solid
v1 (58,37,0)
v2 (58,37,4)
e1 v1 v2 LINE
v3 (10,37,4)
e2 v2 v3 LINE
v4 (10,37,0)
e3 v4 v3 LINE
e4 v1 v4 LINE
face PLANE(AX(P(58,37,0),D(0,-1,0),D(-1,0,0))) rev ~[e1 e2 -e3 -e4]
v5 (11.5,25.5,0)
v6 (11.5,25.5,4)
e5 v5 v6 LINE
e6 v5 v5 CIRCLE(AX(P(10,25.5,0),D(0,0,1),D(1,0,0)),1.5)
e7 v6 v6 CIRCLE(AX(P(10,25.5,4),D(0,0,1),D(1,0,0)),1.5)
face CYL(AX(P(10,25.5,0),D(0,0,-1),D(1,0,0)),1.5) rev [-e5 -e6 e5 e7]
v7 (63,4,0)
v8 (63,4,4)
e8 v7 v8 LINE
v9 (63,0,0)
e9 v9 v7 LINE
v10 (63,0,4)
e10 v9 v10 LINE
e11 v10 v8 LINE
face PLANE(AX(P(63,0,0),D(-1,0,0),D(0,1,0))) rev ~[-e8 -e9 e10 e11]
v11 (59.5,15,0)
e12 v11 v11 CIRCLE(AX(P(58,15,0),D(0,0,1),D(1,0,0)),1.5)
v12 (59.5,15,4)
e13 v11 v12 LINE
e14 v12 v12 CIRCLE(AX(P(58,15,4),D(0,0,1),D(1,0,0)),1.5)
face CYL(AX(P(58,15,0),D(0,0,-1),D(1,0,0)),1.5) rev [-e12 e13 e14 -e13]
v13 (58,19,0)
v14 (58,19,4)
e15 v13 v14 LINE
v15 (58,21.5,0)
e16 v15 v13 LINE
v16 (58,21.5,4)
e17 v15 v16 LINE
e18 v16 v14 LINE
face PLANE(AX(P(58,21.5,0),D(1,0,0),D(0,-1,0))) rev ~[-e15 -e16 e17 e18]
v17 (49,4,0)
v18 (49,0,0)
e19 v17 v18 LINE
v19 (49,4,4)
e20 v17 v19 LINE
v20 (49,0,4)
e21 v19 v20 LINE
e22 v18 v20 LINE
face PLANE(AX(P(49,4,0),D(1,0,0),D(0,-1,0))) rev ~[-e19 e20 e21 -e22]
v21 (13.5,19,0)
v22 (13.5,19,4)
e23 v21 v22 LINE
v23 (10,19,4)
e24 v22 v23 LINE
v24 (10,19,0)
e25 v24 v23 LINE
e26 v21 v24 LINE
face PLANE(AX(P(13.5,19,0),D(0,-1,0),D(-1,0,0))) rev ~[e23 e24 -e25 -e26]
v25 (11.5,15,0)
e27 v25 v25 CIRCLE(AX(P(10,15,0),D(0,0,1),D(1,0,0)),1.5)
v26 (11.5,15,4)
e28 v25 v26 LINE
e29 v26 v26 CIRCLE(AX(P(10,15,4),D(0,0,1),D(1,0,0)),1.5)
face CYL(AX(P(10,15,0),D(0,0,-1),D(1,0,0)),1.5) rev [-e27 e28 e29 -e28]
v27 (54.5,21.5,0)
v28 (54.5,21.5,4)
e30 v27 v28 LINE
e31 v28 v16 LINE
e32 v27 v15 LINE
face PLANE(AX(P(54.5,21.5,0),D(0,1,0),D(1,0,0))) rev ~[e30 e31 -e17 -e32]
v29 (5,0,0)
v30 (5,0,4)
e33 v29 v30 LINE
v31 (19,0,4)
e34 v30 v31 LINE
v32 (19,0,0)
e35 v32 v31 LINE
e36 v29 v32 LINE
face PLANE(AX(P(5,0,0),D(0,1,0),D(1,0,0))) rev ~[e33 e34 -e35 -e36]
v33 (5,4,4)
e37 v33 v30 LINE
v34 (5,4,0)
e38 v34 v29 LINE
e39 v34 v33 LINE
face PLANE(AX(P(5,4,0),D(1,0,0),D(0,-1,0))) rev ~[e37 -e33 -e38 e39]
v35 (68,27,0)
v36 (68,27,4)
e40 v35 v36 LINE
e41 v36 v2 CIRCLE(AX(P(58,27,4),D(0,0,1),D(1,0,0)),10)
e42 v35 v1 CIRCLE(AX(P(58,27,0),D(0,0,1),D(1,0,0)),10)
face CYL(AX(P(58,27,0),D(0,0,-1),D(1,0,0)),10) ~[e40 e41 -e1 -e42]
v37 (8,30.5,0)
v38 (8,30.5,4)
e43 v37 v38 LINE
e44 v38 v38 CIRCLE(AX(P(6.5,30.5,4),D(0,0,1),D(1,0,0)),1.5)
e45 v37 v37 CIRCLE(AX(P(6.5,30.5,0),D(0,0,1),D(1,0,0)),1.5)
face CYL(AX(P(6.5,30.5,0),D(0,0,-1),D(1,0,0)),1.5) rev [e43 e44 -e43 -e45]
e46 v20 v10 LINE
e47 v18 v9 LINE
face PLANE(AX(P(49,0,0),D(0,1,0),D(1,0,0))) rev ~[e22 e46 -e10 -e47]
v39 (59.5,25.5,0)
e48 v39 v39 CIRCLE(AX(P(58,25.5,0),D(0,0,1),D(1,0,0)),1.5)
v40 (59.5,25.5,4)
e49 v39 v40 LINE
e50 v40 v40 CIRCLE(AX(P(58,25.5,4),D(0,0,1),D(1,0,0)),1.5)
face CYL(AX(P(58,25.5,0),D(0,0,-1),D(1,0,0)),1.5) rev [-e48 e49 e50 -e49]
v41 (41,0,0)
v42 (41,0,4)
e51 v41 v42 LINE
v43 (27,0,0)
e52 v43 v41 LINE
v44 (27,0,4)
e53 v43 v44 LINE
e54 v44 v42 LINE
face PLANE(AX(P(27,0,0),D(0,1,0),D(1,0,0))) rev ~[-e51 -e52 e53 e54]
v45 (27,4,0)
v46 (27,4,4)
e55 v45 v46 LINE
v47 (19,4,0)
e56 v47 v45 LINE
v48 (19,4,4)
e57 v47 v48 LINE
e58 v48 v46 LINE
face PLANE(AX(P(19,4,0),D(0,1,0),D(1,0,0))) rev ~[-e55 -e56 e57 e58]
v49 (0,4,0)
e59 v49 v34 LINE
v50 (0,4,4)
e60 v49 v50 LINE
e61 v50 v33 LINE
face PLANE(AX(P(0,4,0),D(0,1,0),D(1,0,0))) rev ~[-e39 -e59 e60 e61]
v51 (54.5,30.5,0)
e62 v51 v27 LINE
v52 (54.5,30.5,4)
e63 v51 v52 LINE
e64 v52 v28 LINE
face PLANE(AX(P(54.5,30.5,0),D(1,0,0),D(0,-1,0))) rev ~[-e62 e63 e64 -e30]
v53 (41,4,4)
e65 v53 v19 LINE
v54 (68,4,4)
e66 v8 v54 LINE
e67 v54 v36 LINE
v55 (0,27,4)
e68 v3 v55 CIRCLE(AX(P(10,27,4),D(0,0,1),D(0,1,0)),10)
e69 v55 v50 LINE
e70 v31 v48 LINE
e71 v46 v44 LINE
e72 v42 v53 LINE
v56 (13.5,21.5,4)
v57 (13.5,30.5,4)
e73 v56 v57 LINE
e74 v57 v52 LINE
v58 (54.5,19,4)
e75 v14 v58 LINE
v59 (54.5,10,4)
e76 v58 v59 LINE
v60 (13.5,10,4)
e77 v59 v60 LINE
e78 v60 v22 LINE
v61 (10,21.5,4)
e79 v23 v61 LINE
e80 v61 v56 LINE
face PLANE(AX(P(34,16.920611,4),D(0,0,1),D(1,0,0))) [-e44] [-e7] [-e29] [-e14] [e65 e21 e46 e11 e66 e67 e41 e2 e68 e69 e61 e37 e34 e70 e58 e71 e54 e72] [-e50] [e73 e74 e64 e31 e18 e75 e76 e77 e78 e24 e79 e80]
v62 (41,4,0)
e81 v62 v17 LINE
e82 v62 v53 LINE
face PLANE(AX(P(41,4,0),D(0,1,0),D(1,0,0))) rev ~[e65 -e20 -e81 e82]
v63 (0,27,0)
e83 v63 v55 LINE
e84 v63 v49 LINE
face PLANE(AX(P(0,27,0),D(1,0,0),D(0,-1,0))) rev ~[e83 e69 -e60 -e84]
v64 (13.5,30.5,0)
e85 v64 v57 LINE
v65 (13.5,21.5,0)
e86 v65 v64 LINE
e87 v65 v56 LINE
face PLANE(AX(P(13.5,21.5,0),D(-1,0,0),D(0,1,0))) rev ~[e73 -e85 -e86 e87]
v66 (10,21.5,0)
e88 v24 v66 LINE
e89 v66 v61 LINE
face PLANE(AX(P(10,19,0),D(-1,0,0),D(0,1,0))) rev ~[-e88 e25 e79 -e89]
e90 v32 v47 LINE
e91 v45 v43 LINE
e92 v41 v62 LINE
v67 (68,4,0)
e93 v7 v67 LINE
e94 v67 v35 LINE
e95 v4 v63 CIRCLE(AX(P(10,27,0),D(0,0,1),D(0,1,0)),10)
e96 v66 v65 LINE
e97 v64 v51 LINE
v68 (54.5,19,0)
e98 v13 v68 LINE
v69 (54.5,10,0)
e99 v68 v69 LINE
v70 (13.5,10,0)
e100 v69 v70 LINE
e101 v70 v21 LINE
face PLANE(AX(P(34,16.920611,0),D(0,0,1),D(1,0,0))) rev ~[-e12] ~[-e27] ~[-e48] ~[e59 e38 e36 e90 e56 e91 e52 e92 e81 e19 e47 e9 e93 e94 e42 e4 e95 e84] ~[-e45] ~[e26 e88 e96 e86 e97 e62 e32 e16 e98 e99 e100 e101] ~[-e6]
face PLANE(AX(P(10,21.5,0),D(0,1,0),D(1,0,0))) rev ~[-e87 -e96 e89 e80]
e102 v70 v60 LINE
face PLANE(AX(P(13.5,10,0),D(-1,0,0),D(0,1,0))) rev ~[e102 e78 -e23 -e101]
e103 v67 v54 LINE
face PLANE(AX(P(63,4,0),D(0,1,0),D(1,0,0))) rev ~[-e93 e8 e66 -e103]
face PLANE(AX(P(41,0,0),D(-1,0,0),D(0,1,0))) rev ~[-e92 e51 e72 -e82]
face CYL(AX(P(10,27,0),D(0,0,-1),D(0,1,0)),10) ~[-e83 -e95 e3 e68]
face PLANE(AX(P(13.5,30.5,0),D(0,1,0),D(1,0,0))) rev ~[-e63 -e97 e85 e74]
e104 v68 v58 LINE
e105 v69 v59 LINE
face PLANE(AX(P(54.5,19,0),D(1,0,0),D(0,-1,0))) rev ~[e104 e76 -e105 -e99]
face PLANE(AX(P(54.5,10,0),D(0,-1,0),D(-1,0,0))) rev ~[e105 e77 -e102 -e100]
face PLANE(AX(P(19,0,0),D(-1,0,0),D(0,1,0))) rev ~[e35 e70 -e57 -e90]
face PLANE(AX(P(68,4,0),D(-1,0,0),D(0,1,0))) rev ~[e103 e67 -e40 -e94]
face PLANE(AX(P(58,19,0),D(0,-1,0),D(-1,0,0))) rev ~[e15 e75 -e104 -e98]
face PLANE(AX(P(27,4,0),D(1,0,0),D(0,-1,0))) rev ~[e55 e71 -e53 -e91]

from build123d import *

# Parameters (mm, degrees)
SKETCH1_R           = 1.5
BOSS_EXTRUDE1_DEPTH = 4


with BuildPart() as part:
    # Sketch1 → Boss-Extrude1 (new body)
    with BuildSketch(Plane.XY):
        with BuildLine():
            Line((49.000000342, 3.999999998), (49.000000342, -2e-09))
            Line((49.000000342, -2e-09), (63.000000342, -2e-09))
            Line((63.000000342, -2e-09), (63.000000342, 3.999999998))
            Line((63.000000342, 3.999999998), (68.000000342, 3.999999998))
            Line((68.000000342, 3.999999998), (68.000000342, 26.999999998))
            ThreePointArc((68.000000342, 26.999999998), (65.071068153, 34.07106781), (58.000000342, 36.999999998))
            Line((58.000000342, 36.999999998), (10.000000342, 36.999999998))
            ThreePointArc((10.000000342, 36.999999998), (2.92893253, 34.07106781), (3.42e-07, 26.999999998))
            Line((3.42e-07, 26.999999998), (3.42e-07, 3.999999998))
            Line((3.42e-07, 3.999999998), (5.000000342, 3.999999998))
            Line((5.000000342, 3.999999998), (5.000000342, -2e-09))
            Line((5.000000342, -2e-09), (19.000000342, -2e-09))
            Line((19.000000342, -2e-09), (19.000000342, 3.999999998))
            Line((19.000000342, 3.999999998), (27.000000342, 3.999999998))
            Line((27.000000342, 3.999999998), (27.000000342, -2e-09))
            Line((27.000000342, -2e-09), (41.000000342, -2e-09))
            Line((41.000000342, -2e-09), (41.000000342, 3.999999998))
            Line((41.000000342, 3.999999998), (49.000000342, 3.999999998))
        make_face()
        with Locations((10.000000342, 14.999999998)):
            Circle(SKETCH1_R, mode=Mode.SUBTRACT)
        with Locations((10.000000342, 25.499999998)):
            Circle(SKETCH1_R, mode=Mode.SUBTRACT)
        with Locations((58.000000342, 14.999999998)):
            Circle(SKETCH1_R, mode=Mode.SUBTRACT)
        with Locations((58.000000342, 25.499999998)):
            Circle(SKETCH1_R, mode=Mode.SUBTRACT)
        with Locations((6.500000342, 30.499999998)):
            Circle(SKETCH1_R, mode=Mode.SUBTRACT)
        Polygon((54.500000342, 30.499999998), (54.500000342, 21.499999998), (58.000000342, 21.499999998), (58.000000342, 18.999999998), (54.500000342, 18.999999998), (54.500000342, 9.999999998), (13.500000342, 9.999999998), (13.500000342, 18.999999998), (10.000000342, 18.999999998), (10.000000342, 21.499999998), (13.500000342, 21.499999998), (13.500000342, 30.499999998), align=None, mode=Mode.SUBTRACT)
    extrude(amount=BOSS_EXTRUDE1_DEPTH)


solid = part.part
